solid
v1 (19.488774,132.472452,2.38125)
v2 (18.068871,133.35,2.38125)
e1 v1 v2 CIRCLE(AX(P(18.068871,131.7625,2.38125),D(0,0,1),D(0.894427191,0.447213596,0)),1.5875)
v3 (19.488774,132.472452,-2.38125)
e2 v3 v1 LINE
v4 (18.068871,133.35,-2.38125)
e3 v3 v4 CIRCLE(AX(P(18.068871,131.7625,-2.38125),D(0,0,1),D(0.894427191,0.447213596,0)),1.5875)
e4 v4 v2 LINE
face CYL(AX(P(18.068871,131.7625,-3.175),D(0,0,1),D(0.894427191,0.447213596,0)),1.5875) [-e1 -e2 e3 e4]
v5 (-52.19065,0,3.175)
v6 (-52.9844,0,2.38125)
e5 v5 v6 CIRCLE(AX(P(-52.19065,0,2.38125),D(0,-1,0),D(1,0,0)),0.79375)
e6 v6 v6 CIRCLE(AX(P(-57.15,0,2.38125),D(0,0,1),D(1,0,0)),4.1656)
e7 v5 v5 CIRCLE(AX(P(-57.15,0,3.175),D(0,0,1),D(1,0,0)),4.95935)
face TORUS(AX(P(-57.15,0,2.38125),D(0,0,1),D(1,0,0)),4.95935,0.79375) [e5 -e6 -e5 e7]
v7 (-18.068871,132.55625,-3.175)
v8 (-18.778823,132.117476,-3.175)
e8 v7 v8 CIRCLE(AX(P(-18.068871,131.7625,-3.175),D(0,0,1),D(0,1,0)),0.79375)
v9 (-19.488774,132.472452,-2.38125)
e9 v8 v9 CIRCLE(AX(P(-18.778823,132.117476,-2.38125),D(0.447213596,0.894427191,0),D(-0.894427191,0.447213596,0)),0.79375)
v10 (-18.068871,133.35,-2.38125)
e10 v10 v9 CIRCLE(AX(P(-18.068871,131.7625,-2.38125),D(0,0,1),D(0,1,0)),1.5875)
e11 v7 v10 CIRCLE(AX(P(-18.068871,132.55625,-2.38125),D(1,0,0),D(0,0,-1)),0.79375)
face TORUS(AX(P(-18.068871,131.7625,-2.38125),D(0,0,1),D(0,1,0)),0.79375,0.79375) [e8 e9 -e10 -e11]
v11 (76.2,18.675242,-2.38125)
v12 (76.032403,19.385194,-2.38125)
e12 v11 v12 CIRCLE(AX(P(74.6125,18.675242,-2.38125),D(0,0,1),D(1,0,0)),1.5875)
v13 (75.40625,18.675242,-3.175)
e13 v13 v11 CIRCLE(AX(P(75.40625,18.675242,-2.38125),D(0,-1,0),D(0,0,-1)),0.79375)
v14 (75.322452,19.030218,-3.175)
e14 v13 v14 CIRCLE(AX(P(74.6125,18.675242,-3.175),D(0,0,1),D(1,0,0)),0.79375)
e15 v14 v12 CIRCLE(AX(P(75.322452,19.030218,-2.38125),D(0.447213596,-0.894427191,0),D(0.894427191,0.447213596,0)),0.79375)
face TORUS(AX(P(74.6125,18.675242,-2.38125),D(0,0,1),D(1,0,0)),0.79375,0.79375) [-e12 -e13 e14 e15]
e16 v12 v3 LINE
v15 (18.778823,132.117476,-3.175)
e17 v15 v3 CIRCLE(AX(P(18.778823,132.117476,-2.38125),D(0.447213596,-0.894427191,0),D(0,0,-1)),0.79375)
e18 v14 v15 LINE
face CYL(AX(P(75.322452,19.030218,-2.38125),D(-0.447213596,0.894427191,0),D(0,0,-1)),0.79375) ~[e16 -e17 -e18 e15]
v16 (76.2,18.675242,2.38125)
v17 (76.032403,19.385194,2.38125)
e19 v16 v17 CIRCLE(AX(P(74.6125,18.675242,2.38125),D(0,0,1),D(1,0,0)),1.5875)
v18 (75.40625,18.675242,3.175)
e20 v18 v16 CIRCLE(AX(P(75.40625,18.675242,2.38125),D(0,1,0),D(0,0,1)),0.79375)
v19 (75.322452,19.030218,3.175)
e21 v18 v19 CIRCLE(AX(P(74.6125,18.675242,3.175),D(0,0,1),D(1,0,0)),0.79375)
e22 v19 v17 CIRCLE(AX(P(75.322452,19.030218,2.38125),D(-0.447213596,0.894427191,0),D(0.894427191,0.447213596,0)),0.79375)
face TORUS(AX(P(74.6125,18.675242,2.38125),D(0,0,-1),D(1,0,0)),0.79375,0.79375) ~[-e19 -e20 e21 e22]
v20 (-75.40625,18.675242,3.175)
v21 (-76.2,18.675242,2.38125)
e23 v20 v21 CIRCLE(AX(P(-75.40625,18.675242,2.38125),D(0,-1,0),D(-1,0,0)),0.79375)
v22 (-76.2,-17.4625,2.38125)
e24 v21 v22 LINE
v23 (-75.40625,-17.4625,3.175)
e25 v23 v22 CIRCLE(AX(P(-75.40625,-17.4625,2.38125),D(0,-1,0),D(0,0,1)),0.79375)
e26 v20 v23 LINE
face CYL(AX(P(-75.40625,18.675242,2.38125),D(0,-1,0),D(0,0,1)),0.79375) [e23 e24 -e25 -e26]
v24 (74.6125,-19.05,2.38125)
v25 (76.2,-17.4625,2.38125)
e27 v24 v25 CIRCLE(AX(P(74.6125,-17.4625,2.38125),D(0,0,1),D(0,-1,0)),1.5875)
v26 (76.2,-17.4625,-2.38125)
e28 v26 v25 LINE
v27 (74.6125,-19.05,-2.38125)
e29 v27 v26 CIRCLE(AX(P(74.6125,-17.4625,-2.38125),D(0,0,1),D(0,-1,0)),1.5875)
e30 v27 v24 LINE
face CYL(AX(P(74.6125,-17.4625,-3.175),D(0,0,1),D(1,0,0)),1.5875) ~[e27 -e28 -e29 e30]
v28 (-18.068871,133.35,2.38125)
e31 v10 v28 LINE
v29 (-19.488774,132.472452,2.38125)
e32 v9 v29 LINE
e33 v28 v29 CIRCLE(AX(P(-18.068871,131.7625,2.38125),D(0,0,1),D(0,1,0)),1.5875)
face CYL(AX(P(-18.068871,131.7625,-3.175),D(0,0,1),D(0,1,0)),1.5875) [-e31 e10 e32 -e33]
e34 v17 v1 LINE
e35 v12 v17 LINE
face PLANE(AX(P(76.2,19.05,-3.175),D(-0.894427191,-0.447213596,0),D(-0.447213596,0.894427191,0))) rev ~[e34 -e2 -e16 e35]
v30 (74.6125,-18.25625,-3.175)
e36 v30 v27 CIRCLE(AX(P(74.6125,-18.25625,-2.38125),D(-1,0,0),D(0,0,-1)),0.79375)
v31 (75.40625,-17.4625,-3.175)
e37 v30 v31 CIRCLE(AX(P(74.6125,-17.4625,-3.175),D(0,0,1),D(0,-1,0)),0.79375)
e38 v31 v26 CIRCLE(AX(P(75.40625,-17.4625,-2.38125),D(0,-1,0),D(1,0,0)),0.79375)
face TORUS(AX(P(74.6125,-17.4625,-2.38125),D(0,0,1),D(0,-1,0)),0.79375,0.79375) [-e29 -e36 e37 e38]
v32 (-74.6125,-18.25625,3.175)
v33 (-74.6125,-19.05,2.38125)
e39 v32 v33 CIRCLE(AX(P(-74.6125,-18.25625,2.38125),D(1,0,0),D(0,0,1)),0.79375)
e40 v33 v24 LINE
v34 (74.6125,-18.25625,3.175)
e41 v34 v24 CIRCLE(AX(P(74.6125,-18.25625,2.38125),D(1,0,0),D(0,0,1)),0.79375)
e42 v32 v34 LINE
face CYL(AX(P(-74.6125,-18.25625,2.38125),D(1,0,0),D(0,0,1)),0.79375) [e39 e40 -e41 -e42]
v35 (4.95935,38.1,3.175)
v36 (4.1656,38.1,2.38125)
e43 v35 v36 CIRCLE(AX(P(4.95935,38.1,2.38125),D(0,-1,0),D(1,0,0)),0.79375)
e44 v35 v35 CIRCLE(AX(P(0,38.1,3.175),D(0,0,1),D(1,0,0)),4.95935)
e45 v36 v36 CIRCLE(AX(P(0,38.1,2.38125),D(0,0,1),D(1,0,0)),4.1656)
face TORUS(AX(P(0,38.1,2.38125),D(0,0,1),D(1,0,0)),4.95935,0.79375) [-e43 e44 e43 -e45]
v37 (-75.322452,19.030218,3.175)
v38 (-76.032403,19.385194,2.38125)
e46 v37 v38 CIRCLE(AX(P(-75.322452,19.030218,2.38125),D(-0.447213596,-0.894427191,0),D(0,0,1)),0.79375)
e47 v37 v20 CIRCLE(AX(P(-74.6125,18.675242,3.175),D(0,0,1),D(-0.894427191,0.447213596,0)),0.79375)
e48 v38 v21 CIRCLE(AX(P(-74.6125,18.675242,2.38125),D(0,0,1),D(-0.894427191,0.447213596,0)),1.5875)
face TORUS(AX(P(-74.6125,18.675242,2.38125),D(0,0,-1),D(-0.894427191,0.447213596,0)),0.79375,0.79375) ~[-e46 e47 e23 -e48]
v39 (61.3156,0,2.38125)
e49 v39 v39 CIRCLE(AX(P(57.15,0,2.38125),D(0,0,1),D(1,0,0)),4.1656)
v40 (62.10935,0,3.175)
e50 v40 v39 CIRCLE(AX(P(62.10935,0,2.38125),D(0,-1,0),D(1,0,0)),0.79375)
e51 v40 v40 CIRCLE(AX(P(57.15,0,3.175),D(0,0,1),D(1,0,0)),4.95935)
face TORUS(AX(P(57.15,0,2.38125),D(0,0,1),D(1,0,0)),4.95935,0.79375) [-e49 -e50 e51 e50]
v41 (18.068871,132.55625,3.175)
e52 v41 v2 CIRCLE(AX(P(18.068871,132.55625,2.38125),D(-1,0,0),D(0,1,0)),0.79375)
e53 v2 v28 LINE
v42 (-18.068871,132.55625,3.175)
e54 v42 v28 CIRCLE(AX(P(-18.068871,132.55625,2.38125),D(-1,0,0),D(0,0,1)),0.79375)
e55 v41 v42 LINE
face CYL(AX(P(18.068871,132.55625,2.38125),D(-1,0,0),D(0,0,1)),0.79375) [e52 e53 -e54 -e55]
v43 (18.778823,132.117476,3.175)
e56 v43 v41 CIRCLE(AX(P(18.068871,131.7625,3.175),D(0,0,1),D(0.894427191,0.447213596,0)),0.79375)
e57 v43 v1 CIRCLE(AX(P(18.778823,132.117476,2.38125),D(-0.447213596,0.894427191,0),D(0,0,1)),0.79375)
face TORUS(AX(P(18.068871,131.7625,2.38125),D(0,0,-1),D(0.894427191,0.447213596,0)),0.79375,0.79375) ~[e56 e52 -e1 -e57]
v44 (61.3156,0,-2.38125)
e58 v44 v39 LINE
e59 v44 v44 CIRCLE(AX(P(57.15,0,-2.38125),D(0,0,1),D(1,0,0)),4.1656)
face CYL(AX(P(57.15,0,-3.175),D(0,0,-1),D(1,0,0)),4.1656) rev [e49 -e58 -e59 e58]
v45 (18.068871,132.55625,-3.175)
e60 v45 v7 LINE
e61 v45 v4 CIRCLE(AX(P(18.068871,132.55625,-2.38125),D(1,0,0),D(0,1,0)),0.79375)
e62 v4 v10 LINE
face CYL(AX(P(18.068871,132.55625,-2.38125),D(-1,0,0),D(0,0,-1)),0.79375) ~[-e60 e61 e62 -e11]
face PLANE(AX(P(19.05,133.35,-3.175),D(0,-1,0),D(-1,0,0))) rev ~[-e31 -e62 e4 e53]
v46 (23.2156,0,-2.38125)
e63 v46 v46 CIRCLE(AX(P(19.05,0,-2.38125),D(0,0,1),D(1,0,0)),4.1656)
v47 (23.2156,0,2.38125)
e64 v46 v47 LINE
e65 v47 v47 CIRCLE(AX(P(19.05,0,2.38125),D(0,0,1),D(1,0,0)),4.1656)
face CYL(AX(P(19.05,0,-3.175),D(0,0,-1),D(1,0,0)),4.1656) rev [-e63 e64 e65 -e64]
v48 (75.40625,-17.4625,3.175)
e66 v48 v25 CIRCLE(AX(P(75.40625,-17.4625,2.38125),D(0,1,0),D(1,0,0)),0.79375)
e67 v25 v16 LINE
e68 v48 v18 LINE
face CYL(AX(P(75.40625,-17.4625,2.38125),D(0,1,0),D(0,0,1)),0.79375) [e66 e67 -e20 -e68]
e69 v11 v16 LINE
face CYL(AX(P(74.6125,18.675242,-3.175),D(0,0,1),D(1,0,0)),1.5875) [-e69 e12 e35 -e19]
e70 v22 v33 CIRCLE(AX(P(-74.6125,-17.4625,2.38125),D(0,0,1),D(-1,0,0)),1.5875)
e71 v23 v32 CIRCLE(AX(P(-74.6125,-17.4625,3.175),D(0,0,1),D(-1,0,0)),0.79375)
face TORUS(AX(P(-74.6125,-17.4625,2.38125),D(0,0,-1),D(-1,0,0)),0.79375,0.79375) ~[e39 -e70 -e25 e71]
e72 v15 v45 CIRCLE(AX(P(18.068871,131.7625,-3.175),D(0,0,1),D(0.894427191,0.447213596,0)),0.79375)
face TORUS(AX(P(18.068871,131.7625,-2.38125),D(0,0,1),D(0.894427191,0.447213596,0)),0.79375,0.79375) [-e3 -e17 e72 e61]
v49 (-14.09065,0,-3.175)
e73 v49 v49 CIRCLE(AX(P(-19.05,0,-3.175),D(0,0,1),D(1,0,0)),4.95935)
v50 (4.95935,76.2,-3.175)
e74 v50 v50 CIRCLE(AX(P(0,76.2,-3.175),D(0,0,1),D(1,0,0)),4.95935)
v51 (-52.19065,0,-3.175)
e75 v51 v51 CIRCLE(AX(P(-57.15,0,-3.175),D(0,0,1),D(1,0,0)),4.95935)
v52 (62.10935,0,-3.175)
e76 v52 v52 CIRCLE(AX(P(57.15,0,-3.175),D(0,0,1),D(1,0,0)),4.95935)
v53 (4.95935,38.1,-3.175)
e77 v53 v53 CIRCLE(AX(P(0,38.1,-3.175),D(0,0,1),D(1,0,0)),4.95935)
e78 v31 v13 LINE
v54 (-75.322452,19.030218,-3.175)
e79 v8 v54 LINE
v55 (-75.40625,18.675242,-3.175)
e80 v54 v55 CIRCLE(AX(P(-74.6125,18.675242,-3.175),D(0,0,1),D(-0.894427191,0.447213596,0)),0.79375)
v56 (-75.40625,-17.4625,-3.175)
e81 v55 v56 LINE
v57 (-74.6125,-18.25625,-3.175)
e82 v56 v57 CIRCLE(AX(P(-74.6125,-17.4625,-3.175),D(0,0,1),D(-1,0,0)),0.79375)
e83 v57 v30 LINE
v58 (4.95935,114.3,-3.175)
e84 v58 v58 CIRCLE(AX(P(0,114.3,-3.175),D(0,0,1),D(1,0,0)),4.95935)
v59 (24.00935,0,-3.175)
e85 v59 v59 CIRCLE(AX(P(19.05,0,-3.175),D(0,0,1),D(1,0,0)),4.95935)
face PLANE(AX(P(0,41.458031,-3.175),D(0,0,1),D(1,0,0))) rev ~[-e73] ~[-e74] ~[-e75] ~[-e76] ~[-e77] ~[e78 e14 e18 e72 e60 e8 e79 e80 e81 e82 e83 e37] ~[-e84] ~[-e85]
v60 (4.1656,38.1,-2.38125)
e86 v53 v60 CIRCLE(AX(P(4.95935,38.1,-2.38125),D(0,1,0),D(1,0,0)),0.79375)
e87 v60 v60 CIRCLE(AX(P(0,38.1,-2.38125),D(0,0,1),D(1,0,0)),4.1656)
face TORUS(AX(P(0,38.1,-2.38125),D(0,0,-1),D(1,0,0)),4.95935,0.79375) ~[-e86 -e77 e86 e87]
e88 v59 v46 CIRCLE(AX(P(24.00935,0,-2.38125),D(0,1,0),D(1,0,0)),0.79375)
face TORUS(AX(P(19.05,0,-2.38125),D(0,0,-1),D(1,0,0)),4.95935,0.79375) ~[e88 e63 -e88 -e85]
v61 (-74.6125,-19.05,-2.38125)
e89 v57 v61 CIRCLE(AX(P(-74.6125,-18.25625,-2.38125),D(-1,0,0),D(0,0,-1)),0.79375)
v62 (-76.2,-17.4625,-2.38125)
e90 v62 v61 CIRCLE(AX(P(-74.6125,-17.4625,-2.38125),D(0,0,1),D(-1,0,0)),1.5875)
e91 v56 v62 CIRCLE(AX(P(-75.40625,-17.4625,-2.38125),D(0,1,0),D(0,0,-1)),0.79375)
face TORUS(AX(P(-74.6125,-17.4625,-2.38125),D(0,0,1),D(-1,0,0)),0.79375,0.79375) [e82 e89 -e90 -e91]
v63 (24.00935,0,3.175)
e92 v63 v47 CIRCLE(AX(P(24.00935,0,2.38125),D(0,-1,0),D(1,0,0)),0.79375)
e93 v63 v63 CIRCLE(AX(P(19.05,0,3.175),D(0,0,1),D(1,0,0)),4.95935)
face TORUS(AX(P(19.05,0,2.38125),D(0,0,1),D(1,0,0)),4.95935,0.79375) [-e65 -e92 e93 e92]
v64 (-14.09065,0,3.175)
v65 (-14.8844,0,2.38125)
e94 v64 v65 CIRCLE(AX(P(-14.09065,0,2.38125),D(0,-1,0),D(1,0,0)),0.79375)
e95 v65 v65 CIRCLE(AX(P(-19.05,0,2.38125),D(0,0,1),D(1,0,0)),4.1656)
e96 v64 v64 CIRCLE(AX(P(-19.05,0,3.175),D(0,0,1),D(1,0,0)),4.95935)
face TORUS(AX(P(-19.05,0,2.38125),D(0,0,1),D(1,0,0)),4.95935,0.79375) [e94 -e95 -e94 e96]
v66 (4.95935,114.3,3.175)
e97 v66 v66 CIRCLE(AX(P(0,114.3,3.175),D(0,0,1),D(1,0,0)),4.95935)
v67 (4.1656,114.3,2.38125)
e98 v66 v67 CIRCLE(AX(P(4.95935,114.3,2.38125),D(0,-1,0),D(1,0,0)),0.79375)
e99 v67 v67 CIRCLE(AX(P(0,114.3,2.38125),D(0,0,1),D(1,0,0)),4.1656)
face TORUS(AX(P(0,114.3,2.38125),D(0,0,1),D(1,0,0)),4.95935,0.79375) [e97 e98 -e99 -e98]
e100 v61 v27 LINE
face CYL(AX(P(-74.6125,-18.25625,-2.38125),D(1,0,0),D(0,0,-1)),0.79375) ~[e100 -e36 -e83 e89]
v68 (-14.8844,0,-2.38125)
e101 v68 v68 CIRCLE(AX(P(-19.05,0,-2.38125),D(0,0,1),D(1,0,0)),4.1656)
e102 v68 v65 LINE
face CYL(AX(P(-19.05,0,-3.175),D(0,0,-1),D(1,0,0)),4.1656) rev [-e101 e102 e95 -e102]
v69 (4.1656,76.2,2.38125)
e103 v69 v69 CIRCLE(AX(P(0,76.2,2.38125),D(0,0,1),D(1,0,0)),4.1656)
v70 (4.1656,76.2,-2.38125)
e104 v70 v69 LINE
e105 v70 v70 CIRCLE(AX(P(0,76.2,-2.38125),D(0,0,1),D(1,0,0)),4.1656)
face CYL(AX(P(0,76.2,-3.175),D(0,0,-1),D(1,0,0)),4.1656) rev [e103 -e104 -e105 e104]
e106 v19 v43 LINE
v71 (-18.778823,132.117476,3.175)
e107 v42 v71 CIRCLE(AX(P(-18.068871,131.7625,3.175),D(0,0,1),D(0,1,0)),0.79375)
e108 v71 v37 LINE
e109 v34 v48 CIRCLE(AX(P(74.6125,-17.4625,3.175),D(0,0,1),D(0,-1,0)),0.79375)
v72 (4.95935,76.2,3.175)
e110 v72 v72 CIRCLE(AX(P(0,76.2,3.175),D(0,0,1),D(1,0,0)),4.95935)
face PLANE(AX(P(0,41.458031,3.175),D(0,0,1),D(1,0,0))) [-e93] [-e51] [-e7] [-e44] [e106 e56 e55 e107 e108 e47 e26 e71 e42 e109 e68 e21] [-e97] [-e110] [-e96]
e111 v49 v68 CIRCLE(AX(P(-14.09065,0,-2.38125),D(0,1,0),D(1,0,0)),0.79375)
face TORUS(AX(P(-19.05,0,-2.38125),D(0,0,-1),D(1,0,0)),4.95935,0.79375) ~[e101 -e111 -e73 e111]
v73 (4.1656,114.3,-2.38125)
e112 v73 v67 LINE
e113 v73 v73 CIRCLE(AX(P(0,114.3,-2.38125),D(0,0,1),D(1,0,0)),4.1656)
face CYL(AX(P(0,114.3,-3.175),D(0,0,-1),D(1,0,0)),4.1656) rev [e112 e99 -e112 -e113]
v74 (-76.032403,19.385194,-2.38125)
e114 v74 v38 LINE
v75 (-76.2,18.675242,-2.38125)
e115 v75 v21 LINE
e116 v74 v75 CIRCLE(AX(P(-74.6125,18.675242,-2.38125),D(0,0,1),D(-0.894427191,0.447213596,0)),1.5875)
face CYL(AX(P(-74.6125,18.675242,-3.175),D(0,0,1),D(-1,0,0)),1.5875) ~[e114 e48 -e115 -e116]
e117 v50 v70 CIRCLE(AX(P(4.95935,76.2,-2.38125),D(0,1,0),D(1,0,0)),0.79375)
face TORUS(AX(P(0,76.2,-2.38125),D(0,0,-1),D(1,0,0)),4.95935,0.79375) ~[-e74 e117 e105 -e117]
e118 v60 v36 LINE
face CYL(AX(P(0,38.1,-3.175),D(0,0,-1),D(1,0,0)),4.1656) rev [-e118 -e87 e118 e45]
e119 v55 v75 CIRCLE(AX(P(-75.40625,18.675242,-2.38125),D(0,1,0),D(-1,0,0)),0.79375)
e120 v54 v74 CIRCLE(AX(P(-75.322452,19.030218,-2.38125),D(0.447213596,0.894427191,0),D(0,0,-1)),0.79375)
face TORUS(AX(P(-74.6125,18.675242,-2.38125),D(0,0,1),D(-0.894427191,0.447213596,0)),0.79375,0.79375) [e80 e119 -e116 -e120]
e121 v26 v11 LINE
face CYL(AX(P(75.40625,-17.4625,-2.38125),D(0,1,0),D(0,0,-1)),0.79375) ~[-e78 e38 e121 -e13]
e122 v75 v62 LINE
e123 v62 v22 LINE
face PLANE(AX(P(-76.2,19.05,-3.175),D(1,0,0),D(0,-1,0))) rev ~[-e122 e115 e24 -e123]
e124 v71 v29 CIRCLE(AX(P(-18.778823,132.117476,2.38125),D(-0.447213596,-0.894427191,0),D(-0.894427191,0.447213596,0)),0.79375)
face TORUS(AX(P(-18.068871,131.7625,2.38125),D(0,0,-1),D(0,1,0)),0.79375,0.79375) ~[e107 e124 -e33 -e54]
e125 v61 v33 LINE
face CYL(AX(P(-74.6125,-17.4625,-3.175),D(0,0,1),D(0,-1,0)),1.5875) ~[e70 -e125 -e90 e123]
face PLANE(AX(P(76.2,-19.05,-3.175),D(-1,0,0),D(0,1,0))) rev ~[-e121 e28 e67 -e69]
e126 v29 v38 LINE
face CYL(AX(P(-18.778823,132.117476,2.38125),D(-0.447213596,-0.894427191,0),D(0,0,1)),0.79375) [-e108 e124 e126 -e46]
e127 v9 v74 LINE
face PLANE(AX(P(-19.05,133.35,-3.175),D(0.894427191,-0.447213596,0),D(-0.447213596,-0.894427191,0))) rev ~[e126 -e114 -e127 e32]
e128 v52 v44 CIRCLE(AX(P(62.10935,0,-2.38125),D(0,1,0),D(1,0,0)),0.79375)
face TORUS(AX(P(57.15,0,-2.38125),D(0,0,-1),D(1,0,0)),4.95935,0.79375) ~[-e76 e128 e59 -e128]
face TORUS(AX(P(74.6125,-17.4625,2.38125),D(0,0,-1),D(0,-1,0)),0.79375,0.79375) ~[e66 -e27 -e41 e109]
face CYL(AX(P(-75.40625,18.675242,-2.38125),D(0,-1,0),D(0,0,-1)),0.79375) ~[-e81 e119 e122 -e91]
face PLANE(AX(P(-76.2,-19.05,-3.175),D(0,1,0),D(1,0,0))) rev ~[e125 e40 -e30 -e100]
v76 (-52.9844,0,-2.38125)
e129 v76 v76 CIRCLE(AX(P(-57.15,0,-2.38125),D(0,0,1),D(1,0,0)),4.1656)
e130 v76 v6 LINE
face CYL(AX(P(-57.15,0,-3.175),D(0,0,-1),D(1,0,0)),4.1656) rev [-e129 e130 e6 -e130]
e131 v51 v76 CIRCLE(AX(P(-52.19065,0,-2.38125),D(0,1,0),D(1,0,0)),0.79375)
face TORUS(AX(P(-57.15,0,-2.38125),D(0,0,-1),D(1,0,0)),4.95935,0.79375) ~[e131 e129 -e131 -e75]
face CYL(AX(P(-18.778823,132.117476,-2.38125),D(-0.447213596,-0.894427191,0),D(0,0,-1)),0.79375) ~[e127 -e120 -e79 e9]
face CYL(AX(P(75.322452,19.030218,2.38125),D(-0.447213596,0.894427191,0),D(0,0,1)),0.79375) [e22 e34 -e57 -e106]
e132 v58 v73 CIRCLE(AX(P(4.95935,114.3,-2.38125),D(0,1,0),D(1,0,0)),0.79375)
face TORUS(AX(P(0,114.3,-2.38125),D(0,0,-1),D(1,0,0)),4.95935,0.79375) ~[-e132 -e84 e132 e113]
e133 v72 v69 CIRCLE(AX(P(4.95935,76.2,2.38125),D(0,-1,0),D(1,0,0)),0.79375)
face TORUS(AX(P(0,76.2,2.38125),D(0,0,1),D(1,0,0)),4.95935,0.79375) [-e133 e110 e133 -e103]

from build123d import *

# Parameters (mm, degrees)
BOSS_EXTRUDE1_DEPTH      = 3.175
BOSS_EXTRUDE1_DEPTH_BACK = 3.175
SKETCH3_R                = 4.1656
FILLET1_R                = 1.5875
FILLET2_R                = 0.79375


with BuildPart() as part:
    # Sketch3 → Boss-Extrude1 (new, two sides: drawn at the far end of the back side and taken through both)
    with BuildSketch(Plane.XY.offset(-BOSS_EXTRUDE1_DEPTH_BACK)):
        Polygon((76.2, -19.05), (76.2, 19.05), (19.05, 133.35), (-19.05, 133.35), (-76.2, 19.05), (-76.2, -19.05), align=None)
        with Locations((-57.15, 0)):
            Circle(SKETCH3_R, mode=Mode.SUBTRACT)
        with Locations((-19.05, 0)):
            Circle(SKETCH3_R, mode=Mode.SUBTRACT)
        with Locations((57.15, 0)):
            Circle(SKETCH3_R, mode=Mode.SUBTRACT)
        with Locations((19.05, 0)):
            Circle(SKETCH3_R, mode=Mode.SUBTRACT)
        with Locations((0, 38.1)):
            Circle(SKETCH3_R, mode=Mode.SUBTRACT)
        with Locations((0, 76.2)):
            Circle(SKETCH3_R, mode=Mode.SUBTRACT)
        with Locations((0, 114.3)):
            Circle(SKETCH3_R, mode=Mode.SUBTRACT)
    extrude(amount=BOSS_EXTRUDE1_DEPTH + BOSS_EXTRUDE1_DEPTH_BACK)

    # Fillet1
    fillet1_edges = [part.edges().sort_by_distance(p)[0] for p in [
        (-76.2, 19.05, 0),
        (-19.05, 133.35, 0),
        (19.05, 133.35, 0),
        (76.2, 19.05, 0),
        (76.2, -19.05, 0),
        (-76.2, -19.05, 0),
    ]]
    fillet(fillet1_edges, radius=FILLET1_R)

    # Fillet2
    fillet2_edges = [part.edges().sort_by_distance(p)[0] for p in [
        (-61.3156, 0, 3.175),
        (-23.2156, 0, 3.175),
        (52.9844, 0, 3.175),
        (14.8844, 0, 3.175),
        (-4.1656, 38.1, 3.175),
        (-4.1656, 76.2, 3.175),
        (-4.1656, 114.3, 3.175),
        (-4.1656, 114.3, -3.175),
        (-4.1656, 76.2, -3.175),
        (-4.1656, 38.1, -3.175),
        (14.8844, 0, -3.175),
        (52.9844, 0, -3.175),
        (-23.2156, 0, -3.175),
        (-61.3156, 0, -3.175),
        (0, -19.05, -3.175),
        (0, -19.05, 3.175),
        (-76.2, 0.606371043, -3.175),
        (-47.760588687, 75.928822626, -3.175),
        (0, 133.35, -3.175),
        (47.760588687, 75.928822626, -3.175),
        (76.2, 0.606371043, -3.175),
        (76.157532771, 19.039974847, -3.175),
        (18.903469183, 133.112908158, -3.175),
        (75.735032015, -18.585032015, -3.175),
        (-18.903469183, 133.112908158, -3.175),
        (-76.157532771, 19.039974847, -3.175),
        (-75.735032015, -18.585032015, -3.175),
        (-76.2, 0.606371043, 3.175),
        (76.2, 0.606371043, 3.175),
        (47.760588687, 75.928822626, 3.175),
        (0, 133.35, 3.175),
        (-47.760588687, 75.928822626, 3.175),
        (76.157532771, 19.039974847, 3.175),
        (18.903469183, 133.112908158, 3.175),
        (75.735032015, -18.585032015, 3.175),
        (-18.903469183, 133.112908158, 3.175),
        (-76.157532771, 19.039974847, 3.175),
        (-75.735032015, -18.585032015, 3.175),
    ]]
    fillet(fillet2_edges, radius=FILLET2_R)


solid = part.part
